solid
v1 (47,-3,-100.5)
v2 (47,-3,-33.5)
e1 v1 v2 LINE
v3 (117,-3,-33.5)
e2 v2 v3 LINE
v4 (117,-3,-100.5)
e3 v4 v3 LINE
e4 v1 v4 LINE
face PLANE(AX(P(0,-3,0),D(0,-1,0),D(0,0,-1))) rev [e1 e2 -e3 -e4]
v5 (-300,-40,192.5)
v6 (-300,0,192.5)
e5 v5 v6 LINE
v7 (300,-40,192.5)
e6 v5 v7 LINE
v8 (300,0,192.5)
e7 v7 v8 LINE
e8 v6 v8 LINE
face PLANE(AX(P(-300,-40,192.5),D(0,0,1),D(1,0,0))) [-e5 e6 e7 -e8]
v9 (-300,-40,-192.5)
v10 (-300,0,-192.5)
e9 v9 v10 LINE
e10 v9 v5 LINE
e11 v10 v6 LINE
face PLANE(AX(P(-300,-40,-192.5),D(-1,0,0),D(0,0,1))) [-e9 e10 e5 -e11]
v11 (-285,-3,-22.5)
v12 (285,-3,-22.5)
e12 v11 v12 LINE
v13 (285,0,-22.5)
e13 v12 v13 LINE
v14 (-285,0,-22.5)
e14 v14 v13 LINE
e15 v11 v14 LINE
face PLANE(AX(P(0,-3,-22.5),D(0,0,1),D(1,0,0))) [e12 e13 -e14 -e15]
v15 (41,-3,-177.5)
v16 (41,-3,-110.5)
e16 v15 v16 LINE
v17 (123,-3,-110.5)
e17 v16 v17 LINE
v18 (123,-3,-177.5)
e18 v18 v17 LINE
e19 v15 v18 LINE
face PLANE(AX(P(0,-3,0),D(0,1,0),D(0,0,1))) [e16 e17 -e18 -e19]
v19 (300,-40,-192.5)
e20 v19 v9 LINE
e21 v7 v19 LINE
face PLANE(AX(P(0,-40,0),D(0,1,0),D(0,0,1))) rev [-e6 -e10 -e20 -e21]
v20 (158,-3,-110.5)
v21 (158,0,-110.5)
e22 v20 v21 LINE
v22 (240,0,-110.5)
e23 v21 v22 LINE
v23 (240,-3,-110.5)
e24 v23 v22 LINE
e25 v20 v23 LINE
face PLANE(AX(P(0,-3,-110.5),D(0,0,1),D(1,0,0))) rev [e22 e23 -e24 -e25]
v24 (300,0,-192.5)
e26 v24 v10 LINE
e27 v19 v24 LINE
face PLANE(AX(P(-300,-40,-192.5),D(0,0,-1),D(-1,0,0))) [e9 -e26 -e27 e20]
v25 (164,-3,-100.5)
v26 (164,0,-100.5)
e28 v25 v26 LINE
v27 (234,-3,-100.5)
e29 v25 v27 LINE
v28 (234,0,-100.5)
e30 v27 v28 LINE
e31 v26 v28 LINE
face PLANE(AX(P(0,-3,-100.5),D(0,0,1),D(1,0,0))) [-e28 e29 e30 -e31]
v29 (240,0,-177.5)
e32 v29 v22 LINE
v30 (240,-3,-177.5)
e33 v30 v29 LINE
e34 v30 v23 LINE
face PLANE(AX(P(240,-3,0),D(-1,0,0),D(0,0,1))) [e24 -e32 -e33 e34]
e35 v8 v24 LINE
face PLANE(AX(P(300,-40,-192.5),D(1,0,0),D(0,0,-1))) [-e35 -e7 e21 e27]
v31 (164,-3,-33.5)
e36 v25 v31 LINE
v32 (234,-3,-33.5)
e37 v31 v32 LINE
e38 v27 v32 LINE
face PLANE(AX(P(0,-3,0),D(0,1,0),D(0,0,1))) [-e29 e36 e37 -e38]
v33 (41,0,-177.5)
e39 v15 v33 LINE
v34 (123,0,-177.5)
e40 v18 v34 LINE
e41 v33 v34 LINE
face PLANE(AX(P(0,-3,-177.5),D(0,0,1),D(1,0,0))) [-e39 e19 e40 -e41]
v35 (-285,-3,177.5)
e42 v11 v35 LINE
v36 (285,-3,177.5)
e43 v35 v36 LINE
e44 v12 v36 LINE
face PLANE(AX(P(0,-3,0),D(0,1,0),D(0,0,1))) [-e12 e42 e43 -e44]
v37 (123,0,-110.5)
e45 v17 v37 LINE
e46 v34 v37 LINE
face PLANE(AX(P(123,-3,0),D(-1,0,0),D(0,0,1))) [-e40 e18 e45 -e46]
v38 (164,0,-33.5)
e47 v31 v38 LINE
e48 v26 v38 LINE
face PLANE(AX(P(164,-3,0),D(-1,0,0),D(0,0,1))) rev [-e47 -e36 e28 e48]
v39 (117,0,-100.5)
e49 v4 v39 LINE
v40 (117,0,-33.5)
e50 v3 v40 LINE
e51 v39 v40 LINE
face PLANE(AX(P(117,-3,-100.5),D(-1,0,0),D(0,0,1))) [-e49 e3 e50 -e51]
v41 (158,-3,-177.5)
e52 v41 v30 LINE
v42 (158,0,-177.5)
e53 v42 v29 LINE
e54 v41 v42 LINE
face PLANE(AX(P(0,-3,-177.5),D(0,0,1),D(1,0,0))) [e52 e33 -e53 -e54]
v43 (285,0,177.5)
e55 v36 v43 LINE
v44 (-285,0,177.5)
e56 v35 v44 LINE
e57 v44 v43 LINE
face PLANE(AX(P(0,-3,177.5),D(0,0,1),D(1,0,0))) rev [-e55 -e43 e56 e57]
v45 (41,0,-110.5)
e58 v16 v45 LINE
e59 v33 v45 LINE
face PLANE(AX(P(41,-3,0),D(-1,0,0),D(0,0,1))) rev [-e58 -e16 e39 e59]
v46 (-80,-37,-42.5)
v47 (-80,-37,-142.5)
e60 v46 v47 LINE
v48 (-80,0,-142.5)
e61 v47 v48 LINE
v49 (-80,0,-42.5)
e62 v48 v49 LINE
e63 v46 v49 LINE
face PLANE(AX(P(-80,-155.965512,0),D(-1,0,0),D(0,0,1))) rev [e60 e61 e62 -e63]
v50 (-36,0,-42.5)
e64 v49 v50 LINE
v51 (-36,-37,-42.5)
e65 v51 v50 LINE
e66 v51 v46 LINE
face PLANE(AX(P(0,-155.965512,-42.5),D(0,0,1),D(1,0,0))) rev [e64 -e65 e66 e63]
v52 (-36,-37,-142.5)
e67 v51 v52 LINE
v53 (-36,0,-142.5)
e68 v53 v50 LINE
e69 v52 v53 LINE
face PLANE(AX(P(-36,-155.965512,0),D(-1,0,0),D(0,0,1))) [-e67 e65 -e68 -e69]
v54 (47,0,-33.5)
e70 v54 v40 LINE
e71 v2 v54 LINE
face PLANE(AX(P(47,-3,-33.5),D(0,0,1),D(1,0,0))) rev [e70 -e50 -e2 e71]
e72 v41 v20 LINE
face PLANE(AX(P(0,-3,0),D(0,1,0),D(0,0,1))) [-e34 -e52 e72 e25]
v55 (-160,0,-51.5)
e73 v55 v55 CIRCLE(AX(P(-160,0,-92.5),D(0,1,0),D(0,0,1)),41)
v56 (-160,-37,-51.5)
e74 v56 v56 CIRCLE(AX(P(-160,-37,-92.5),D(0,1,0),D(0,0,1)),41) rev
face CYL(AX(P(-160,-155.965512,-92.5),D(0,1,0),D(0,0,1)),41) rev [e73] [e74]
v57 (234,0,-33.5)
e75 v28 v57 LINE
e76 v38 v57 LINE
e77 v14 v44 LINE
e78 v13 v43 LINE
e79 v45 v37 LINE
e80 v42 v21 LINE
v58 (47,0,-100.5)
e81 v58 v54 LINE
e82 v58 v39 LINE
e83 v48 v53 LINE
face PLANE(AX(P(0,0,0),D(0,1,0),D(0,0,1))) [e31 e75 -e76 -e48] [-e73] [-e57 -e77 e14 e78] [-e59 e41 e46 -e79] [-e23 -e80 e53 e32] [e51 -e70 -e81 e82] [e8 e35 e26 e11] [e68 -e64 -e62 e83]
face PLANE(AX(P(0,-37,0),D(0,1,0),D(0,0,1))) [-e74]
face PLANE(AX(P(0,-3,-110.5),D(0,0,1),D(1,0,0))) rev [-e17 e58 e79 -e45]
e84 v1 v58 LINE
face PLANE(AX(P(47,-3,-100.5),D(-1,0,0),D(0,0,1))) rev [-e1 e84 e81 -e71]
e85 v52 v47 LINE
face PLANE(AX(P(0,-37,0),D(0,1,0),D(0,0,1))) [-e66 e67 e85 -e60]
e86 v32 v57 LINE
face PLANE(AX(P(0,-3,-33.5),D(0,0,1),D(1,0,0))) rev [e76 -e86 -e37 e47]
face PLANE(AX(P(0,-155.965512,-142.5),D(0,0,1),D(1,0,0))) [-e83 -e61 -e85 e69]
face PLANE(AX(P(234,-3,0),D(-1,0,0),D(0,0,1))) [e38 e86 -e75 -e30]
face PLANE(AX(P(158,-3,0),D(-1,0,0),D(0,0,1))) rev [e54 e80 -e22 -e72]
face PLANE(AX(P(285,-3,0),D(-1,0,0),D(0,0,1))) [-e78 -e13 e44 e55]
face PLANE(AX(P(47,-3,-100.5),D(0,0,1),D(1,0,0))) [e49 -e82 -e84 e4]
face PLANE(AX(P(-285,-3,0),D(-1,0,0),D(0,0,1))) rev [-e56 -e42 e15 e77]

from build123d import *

# Parameters (mm, degrees)
SKETCH1_W           = 600
SKETCH1_H           = 385
BOSS_EXTRUDE1_DEPTH = 40
SKETCH2_W           = 82
SKETCH2_H           = 67
SKETCH2_W_2         = 70
SKETCH2_W_3         = 570
SKETCH2_H_2         = 200
CUT_EXTRUDE1_DEPTH  = 3
SKETCH2_3_R         = 41
SKETCH2_3_W         = 44
SKETCH2_3_H         = 100
CUT_EXTRUDE2_DEPTH  = 37


with BuildPart() as part:
    # Sketch1 → Boss-Extrude1 (new body)
    with BuildSketch(Plane(origin=(0, 0, 0), x_dir=(1, 0, 0), z_dir=(0, 1, 0))):
        Rectangle(SKETCH1_W, SKETCH1_H)
    extrude(amount=-BOSS_EXTRUDE1_DEPTH)

    # Sketch2 → Cut-Extrude1 (cut)
    with BuildSketch(Plane(origin=(0, 0, 0), x_dir=(1, 0, 0), z_dir=(0, 1, 0))):
        with Locations((82, 144)):
            Rectangle(SKETCH2_W, SKETCH2_H)
        with Locations((199, 144)):
            Rectangle(SKETCH2_W, SKETCH2_H)
        with Locations((199, 67)):
            Rectangle(SKETCH2_W_2, SKETCH2_H)
        with Locations((0, -77.5)):
            Rectangle(SKETCH2_W_3, SKETCH2_H_2)
        with Locations((82, 67)):
            Rectangle(SKETCH2_W_2, SKETCH2_H)
    extrude(amount=-CUT_EXTRUDE1_DEPTH, mode=Mode.SUBTRACT)

    # Sketch2<3> → Cut-Extrude2 (cut)
    with BuildSketch(Plane(origin=(0, 0, 0), x_dir=(1, 0, 0), z_dir=(0, 1, 0))):
        with Locations((-160, 92.5)):
            Circle(SKETCH2_3_R)
        with Locations((-58, 92.5)):
            Rectangle(SKETCH2_3_W, SKETCH2_3_H)
    extrude(amount=-CUT_EXTRUDE2_DEPTH, mode=Mode.SUBTRACT)


solid = part.part
